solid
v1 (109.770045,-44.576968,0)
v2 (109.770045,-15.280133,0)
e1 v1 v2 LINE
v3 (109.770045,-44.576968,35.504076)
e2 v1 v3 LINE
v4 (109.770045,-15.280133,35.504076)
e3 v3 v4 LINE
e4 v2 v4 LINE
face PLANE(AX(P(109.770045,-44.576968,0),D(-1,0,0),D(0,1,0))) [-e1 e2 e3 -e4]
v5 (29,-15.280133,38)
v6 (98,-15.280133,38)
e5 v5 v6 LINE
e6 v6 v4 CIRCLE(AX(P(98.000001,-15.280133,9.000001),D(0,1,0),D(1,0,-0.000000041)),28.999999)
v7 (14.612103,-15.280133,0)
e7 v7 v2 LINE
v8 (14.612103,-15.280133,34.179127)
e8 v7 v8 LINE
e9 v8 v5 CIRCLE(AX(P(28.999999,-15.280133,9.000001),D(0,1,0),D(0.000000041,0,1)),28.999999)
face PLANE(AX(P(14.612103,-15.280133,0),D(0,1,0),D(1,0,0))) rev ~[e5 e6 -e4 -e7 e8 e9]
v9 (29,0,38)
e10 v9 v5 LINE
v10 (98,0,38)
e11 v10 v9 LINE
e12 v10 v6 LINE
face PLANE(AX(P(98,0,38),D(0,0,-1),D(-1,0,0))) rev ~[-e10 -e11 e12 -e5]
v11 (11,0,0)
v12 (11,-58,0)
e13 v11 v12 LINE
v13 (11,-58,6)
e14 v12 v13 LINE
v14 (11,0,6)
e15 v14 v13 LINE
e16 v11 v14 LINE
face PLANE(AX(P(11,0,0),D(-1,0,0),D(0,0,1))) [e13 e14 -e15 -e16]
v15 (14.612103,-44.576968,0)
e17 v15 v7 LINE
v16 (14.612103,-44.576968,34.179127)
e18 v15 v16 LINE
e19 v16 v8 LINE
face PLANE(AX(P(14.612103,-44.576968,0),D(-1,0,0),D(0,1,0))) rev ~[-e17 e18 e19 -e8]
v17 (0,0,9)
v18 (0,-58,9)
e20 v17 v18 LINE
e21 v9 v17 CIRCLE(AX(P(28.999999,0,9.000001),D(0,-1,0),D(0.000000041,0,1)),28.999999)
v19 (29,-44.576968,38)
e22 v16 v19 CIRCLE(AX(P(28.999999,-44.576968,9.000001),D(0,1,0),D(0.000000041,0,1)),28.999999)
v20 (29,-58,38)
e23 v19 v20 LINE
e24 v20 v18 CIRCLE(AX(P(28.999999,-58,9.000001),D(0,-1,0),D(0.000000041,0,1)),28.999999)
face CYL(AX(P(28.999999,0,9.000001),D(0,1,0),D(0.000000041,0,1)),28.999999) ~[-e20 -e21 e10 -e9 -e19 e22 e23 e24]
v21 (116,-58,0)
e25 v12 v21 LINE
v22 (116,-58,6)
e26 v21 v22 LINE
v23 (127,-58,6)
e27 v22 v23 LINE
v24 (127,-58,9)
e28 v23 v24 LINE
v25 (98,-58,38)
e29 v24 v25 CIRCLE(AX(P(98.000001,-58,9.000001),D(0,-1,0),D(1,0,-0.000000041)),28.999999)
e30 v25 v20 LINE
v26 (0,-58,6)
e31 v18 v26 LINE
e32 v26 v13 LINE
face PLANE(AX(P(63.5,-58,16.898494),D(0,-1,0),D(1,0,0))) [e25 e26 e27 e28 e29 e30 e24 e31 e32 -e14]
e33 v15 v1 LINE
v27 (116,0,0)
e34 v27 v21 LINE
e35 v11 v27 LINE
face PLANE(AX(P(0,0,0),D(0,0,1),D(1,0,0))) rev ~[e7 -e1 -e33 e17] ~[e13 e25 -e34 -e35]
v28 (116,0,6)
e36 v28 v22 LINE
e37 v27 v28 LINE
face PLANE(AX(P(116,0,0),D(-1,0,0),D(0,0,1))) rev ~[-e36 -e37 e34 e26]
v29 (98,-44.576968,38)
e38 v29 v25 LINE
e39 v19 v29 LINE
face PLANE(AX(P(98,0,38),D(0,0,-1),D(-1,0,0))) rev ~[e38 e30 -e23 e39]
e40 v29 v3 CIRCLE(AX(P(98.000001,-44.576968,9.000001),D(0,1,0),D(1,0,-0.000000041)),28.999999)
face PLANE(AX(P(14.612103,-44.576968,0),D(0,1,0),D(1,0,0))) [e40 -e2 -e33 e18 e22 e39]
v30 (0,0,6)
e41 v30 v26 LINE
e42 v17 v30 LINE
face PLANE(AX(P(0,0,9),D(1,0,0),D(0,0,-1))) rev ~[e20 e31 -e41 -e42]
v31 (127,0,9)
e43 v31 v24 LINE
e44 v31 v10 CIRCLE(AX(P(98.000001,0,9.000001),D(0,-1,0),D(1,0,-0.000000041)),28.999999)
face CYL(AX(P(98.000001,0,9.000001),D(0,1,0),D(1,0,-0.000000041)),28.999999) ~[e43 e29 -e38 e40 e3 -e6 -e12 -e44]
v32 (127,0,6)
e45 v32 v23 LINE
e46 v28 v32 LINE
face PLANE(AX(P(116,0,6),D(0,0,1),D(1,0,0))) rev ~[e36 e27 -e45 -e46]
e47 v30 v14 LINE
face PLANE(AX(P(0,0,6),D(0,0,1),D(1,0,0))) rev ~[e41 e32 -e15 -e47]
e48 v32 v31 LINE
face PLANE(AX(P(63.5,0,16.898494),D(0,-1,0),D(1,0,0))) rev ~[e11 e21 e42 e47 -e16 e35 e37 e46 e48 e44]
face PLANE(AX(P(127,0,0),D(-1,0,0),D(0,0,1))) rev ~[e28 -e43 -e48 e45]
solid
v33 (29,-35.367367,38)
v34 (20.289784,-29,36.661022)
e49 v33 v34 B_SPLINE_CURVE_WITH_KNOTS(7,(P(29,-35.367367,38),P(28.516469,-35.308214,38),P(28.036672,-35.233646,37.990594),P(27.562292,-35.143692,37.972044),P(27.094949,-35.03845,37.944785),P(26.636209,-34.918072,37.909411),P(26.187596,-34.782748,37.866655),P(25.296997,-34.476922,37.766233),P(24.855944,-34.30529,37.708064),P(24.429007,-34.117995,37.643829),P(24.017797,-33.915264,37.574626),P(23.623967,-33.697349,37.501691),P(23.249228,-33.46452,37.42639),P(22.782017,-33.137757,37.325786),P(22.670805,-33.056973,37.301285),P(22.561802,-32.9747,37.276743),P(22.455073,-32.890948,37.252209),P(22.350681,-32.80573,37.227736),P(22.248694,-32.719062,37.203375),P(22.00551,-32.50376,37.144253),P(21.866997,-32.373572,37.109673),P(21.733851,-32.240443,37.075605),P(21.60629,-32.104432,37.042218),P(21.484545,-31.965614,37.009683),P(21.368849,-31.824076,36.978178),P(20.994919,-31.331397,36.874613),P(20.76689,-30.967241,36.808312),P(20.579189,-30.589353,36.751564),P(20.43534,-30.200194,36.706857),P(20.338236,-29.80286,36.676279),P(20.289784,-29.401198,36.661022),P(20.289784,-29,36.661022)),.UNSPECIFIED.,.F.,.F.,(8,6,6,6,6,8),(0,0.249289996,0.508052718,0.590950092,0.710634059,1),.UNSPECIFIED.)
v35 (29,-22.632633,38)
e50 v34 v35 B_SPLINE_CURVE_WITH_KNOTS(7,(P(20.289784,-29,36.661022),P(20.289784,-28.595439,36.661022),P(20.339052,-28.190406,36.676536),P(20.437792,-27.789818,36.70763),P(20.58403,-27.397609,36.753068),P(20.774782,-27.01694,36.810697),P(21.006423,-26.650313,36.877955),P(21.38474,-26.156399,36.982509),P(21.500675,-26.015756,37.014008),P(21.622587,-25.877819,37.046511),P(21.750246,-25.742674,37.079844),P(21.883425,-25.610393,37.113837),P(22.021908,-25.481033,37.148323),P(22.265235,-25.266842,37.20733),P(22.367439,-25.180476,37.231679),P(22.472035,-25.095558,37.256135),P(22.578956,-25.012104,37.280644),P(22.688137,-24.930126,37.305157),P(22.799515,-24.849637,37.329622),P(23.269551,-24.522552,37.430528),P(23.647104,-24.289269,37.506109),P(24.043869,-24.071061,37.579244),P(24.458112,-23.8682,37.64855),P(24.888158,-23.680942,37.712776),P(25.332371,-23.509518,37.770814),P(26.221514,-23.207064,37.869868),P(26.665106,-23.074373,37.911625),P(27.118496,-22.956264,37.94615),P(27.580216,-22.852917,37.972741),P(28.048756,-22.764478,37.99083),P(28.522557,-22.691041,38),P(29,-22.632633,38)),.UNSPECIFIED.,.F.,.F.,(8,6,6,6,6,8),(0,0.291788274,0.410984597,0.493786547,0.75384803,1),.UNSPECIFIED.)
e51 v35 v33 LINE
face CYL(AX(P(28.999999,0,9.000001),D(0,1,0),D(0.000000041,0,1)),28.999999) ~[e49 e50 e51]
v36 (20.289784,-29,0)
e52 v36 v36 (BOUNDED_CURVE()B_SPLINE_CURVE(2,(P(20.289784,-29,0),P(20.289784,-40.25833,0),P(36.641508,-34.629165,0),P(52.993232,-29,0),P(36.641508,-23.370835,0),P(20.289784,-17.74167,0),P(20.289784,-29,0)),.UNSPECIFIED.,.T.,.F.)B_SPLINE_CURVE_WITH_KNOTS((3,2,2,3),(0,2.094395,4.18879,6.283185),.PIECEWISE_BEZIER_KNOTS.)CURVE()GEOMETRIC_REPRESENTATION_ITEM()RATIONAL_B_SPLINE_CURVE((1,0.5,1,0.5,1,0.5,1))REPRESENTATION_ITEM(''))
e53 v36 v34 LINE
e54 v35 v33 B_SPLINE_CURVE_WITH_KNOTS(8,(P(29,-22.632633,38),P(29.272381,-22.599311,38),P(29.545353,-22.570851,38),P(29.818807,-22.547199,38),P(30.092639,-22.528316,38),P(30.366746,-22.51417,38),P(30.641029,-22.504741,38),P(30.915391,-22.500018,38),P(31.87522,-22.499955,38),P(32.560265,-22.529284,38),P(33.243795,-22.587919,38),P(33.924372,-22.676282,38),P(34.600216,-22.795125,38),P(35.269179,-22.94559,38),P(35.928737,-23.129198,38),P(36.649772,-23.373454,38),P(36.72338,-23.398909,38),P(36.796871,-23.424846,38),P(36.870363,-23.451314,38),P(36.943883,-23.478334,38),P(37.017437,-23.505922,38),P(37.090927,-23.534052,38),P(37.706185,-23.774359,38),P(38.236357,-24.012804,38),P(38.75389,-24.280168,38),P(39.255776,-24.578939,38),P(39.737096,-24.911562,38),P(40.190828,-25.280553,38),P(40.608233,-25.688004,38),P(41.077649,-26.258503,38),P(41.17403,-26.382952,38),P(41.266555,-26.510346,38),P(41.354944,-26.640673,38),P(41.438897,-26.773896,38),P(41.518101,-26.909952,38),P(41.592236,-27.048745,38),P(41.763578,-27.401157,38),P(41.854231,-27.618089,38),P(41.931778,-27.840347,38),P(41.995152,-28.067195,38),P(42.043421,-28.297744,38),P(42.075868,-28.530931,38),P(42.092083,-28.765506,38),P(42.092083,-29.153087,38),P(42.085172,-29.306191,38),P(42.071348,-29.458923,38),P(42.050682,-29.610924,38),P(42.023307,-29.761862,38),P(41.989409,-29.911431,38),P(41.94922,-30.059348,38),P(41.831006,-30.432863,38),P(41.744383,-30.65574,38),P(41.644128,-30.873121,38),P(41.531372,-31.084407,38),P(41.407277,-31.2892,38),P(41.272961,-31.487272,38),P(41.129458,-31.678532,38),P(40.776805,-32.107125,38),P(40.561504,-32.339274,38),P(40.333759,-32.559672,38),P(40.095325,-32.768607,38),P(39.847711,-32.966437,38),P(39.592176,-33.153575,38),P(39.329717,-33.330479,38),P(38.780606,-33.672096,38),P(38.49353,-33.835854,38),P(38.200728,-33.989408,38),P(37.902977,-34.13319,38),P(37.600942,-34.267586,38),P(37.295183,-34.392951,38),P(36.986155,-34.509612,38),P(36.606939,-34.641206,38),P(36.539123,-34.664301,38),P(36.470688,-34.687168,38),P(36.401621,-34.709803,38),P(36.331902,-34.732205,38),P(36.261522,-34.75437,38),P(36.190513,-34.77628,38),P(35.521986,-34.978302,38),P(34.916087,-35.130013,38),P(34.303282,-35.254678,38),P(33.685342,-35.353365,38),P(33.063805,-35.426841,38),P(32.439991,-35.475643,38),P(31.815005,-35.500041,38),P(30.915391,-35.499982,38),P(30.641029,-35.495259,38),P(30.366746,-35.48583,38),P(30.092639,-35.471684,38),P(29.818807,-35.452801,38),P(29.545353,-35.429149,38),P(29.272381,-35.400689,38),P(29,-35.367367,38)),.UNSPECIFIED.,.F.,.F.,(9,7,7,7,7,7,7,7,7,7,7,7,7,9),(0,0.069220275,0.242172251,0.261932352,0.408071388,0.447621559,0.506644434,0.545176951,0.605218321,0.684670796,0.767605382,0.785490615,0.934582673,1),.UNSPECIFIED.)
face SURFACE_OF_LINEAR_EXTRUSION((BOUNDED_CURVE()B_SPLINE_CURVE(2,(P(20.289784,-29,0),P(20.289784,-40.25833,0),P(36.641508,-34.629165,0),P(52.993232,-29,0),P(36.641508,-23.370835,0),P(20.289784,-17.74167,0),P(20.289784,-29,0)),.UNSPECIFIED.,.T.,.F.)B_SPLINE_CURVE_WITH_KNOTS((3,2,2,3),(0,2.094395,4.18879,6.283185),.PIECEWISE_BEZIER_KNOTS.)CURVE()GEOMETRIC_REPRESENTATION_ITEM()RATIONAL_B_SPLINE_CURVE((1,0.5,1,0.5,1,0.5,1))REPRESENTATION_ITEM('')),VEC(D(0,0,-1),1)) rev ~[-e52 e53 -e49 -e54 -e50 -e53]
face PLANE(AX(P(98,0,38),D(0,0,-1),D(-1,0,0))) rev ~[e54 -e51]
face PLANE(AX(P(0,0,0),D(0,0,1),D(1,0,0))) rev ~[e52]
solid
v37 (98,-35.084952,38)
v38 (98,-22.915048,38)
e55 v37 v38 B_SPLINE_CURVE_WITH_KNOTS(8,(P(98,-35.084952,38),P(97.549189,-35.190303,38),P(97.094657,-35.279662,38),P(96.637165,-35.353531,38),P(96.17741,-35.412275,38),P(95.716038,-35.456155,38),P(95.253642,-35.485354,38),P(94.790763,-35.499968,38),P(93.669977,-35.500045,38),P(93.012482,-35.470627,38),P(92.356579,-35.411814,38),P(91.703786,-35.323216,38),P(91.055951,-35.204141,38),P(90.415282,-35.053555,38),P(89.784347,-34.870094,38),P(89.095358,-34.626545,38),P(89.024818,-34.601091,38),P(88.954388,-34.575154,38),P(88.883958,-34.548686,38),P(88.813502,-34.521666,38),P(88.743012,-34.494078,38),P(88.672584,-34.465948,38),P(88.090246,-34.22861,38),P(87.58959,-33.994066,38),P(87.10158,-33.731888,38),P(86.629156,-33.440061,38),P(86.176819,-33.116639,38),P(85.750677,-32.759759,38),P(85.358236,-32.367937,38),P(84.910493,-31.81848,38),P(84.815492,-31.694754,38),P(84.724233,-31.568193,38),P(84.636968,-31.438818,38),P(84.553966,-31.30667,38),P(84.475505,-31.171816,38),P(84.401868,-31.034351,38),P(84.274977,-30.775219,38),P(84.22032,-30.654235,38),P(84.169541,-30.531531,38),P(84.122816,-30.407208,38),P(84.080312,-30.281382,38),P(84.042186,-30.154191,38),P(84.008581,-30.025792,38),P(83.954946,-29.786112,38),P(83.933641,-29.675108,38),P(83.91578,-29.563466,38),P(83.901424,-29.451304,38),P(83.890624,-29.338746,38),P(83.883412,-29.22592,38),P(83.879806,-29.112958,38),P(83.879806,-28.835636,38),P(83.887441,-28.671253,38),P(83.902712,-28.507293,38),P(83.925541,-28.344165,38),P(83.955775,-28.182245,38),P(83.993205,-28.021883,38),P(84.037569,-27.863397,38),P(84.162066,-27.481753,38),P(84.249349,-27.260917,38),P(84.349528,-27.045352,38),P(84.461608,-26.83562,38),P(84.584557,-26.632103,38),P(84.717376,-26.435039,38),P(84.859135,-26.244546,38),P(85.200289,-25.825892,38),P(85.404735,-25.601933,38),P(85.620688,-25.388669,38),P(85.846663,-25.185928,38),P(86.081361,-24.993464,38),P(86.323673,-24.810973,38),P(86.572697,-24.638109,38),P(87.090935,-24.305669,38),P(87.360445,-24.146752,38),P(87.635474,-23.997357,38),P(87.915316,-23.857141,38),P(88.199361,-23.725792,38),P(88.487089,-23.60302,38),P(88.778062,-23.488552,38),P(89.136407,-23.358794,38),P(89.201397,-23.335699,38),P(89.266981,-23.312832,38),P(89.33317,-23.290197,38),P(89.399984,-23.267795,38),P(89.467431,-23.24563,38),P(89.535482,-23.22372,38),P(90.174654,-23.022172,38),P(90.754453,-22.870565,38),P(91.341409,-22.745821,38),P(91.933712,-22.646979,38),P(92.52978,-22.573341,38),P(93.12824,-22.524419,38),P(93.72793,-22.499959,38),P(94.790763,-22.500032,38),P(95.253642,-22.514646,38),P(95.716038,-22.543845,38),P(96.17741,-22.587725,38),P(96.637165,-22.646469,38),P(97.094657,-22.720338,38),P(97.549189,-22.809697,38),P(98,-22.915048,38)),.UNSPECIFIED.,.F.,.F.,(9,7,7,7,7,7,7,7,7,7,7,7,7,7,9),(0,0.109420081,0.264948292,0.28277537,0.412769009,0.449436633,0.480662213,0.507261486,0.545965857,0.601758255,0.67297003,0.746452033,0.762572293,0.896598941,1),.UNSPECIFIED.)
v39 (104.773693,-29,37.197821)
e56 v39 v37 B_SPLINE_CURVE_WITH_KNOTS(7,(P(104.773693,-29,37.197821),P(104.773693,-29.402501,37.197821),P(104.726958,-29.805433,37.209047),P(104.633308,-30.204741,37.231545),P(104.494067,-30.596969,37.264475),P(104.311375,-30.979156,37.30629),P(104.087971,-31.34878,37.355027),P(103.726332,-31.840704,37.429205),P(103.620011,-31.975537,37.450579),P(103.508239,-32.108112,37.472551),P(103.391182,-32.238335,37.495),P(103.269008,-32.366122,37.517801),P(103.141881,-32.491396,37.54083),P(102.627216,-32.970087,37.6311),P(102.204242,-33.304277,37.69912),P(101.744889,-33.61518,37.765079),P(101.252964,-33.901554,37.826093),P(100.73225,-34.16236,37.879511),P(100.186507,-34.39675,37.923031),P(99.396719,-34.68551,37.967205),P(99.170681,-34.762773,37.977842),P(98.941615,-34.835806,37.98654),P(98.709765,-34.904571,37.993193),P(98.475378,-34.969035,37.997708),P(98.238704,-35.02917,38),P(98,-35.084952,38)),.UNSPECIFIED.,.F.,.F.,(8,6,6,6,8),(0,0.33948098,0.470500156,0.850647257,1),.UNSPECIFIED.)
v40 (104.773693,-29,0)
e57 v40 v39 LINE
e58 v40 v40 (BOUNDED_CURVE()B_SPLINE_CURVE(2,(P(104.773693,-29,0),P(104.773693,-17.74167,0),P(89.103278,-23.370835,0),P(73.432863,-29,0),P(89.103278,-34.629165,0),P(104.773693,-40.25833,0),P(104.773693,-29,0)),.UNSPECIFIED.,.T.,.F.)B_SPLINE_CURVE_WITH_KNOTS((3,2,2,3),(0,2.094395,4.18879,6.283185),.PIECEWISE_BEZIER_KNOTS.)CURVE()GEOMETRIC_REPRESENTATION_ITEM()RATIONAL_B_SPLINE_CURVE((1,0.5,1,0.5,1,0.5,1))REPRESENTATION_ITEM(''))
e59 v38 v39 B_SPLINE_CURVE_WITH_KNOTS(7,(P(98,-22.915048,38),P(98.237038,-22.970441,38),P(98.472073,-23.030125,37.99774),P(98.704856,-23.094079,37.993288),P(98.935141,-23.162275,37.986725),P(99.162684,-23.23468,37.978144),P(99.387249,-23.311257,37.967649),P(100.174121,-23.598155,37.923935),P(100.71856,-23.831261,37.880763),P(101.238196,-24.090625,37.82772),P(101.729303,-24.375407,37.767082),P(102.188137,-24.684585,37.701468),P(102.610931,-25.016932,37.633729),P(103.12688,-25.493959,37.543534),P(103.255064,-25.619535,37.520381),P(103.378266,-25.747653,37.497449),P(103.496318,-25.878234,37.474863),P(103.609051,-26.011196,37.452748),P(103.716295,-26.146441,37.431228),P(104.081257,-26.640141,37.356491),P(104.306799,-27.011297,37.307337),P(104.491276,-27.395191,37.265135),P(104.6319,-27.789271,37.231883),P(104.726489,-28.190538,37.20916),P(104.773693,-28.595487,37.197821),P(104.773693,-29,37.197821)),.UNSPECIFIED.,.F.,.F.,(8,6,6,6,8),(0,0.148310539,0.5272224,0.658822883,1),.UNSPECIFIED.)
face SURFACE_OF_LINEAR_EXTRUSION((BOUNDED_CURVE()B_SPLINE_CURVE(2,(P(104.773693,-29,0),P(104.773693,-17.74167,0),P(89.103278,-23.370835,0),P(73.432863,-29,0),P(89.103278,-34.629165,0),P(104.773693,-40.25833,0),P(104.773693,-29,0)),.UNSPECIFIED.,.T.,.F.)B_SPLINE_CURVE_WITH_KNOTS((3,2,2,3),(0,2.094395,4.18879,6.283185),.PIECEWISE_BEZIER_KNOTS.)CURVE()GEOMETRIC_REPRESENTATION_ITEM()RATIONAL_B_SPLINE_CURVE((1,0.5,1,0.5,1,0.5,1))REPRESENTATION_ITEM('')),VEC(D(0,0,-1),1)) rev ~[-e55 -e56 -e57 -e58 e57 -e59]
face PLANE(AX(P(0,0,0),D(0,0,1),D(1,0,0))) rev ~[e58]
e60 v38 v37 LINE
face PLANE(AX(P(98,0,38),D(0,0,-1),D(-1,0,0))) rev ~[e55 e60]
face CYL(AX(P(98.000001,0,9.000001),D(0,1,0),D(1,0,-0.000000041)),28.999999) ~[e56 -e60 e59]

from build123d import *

# Parameters (mm, degrees)
F1_DEPTH = 58
F2_W     = 11
F2_H     = 6
F3_DEPTH = 58
F4_W     = 95.157943
F4_H     = 29.296835
F5_DEPTH = 38.001


with BuildPart() as f1:
    # F0 (on Front) → F1 (new body)
    with BuildSketch(Plane.XZ):
        with BuildLine():
            Line((0, 9), (0, 0))
            Line((0, 0), (127, 0))
            Line((127, 0), (127, 9))
            ThreePointArc((127, 9), (118.506097, 29.506097), (98, 38))
            Line((98, 38), (29, 38))
            ThreePointArc((29, 38), (8.493903, 29.506097), (0, 9))
        make_face()
    extrude(amount=F1_DEPTH)

    # F2 (on Front) → F3 (cut)
    with BuildSketch(Plane.XZ):
        with Locations((121.5, 3)):
            Rectangle(F2_W, F2_H)
        with Locations((5.5, 3)):
            Rectangle(F2_W, F2_H)
    extrude(amount=F3_DEPTH, mode=Mode.SUBTRACT)

    # F4 (on Top) → F5 (cut, through all)
    with BuildSketch(Plane.XY):
        with Locations((62.191074, -29.928551)):
            Rectangle(F4_W, F4_H)
        with BuildLine():
            add(Edge.make_bspline(
                [(20.289784, -29), (20.289784, -40.25833), (36.641508, -34.629165), (52.993232, -29), (36.641508, -23.370835), (20.289784, -17.74167), (20.289784, -29)],
                knots=[0, 0, 0, 2.094395, 2.094395, 4.18879, 4.18879, 6.283185, 6.283185, 6.283185], degree=2, weights=[1, 0.5, 1, 0.5, 1, 0.5, 1]))
        make_face(mode=Mode.SUBTRACT)
        with BuildLine():
            add(Edge.make_bspline(
                [(104.773693, -29), (104.773693, -17.74167), (89.103278, -23.370835), (73.432863, -29), (89.103278, -34.629165), (104.773693, -40.25833), (104.773693, -29)],
                knots=[0, 0, 0, 2.094395, 2.094395, 4.18879, 4.18879, 6.283185, 6.283185, 6.283185], degree=2, weights=[1, 0.5, 1, 0.5, 1, 0.5, 1]))
        make_face(mode=Mode.SUBTRACT)
    extrude(amount=F5_DEPTH, mode=Mode.SUBTRACT)


solid = f1.part
